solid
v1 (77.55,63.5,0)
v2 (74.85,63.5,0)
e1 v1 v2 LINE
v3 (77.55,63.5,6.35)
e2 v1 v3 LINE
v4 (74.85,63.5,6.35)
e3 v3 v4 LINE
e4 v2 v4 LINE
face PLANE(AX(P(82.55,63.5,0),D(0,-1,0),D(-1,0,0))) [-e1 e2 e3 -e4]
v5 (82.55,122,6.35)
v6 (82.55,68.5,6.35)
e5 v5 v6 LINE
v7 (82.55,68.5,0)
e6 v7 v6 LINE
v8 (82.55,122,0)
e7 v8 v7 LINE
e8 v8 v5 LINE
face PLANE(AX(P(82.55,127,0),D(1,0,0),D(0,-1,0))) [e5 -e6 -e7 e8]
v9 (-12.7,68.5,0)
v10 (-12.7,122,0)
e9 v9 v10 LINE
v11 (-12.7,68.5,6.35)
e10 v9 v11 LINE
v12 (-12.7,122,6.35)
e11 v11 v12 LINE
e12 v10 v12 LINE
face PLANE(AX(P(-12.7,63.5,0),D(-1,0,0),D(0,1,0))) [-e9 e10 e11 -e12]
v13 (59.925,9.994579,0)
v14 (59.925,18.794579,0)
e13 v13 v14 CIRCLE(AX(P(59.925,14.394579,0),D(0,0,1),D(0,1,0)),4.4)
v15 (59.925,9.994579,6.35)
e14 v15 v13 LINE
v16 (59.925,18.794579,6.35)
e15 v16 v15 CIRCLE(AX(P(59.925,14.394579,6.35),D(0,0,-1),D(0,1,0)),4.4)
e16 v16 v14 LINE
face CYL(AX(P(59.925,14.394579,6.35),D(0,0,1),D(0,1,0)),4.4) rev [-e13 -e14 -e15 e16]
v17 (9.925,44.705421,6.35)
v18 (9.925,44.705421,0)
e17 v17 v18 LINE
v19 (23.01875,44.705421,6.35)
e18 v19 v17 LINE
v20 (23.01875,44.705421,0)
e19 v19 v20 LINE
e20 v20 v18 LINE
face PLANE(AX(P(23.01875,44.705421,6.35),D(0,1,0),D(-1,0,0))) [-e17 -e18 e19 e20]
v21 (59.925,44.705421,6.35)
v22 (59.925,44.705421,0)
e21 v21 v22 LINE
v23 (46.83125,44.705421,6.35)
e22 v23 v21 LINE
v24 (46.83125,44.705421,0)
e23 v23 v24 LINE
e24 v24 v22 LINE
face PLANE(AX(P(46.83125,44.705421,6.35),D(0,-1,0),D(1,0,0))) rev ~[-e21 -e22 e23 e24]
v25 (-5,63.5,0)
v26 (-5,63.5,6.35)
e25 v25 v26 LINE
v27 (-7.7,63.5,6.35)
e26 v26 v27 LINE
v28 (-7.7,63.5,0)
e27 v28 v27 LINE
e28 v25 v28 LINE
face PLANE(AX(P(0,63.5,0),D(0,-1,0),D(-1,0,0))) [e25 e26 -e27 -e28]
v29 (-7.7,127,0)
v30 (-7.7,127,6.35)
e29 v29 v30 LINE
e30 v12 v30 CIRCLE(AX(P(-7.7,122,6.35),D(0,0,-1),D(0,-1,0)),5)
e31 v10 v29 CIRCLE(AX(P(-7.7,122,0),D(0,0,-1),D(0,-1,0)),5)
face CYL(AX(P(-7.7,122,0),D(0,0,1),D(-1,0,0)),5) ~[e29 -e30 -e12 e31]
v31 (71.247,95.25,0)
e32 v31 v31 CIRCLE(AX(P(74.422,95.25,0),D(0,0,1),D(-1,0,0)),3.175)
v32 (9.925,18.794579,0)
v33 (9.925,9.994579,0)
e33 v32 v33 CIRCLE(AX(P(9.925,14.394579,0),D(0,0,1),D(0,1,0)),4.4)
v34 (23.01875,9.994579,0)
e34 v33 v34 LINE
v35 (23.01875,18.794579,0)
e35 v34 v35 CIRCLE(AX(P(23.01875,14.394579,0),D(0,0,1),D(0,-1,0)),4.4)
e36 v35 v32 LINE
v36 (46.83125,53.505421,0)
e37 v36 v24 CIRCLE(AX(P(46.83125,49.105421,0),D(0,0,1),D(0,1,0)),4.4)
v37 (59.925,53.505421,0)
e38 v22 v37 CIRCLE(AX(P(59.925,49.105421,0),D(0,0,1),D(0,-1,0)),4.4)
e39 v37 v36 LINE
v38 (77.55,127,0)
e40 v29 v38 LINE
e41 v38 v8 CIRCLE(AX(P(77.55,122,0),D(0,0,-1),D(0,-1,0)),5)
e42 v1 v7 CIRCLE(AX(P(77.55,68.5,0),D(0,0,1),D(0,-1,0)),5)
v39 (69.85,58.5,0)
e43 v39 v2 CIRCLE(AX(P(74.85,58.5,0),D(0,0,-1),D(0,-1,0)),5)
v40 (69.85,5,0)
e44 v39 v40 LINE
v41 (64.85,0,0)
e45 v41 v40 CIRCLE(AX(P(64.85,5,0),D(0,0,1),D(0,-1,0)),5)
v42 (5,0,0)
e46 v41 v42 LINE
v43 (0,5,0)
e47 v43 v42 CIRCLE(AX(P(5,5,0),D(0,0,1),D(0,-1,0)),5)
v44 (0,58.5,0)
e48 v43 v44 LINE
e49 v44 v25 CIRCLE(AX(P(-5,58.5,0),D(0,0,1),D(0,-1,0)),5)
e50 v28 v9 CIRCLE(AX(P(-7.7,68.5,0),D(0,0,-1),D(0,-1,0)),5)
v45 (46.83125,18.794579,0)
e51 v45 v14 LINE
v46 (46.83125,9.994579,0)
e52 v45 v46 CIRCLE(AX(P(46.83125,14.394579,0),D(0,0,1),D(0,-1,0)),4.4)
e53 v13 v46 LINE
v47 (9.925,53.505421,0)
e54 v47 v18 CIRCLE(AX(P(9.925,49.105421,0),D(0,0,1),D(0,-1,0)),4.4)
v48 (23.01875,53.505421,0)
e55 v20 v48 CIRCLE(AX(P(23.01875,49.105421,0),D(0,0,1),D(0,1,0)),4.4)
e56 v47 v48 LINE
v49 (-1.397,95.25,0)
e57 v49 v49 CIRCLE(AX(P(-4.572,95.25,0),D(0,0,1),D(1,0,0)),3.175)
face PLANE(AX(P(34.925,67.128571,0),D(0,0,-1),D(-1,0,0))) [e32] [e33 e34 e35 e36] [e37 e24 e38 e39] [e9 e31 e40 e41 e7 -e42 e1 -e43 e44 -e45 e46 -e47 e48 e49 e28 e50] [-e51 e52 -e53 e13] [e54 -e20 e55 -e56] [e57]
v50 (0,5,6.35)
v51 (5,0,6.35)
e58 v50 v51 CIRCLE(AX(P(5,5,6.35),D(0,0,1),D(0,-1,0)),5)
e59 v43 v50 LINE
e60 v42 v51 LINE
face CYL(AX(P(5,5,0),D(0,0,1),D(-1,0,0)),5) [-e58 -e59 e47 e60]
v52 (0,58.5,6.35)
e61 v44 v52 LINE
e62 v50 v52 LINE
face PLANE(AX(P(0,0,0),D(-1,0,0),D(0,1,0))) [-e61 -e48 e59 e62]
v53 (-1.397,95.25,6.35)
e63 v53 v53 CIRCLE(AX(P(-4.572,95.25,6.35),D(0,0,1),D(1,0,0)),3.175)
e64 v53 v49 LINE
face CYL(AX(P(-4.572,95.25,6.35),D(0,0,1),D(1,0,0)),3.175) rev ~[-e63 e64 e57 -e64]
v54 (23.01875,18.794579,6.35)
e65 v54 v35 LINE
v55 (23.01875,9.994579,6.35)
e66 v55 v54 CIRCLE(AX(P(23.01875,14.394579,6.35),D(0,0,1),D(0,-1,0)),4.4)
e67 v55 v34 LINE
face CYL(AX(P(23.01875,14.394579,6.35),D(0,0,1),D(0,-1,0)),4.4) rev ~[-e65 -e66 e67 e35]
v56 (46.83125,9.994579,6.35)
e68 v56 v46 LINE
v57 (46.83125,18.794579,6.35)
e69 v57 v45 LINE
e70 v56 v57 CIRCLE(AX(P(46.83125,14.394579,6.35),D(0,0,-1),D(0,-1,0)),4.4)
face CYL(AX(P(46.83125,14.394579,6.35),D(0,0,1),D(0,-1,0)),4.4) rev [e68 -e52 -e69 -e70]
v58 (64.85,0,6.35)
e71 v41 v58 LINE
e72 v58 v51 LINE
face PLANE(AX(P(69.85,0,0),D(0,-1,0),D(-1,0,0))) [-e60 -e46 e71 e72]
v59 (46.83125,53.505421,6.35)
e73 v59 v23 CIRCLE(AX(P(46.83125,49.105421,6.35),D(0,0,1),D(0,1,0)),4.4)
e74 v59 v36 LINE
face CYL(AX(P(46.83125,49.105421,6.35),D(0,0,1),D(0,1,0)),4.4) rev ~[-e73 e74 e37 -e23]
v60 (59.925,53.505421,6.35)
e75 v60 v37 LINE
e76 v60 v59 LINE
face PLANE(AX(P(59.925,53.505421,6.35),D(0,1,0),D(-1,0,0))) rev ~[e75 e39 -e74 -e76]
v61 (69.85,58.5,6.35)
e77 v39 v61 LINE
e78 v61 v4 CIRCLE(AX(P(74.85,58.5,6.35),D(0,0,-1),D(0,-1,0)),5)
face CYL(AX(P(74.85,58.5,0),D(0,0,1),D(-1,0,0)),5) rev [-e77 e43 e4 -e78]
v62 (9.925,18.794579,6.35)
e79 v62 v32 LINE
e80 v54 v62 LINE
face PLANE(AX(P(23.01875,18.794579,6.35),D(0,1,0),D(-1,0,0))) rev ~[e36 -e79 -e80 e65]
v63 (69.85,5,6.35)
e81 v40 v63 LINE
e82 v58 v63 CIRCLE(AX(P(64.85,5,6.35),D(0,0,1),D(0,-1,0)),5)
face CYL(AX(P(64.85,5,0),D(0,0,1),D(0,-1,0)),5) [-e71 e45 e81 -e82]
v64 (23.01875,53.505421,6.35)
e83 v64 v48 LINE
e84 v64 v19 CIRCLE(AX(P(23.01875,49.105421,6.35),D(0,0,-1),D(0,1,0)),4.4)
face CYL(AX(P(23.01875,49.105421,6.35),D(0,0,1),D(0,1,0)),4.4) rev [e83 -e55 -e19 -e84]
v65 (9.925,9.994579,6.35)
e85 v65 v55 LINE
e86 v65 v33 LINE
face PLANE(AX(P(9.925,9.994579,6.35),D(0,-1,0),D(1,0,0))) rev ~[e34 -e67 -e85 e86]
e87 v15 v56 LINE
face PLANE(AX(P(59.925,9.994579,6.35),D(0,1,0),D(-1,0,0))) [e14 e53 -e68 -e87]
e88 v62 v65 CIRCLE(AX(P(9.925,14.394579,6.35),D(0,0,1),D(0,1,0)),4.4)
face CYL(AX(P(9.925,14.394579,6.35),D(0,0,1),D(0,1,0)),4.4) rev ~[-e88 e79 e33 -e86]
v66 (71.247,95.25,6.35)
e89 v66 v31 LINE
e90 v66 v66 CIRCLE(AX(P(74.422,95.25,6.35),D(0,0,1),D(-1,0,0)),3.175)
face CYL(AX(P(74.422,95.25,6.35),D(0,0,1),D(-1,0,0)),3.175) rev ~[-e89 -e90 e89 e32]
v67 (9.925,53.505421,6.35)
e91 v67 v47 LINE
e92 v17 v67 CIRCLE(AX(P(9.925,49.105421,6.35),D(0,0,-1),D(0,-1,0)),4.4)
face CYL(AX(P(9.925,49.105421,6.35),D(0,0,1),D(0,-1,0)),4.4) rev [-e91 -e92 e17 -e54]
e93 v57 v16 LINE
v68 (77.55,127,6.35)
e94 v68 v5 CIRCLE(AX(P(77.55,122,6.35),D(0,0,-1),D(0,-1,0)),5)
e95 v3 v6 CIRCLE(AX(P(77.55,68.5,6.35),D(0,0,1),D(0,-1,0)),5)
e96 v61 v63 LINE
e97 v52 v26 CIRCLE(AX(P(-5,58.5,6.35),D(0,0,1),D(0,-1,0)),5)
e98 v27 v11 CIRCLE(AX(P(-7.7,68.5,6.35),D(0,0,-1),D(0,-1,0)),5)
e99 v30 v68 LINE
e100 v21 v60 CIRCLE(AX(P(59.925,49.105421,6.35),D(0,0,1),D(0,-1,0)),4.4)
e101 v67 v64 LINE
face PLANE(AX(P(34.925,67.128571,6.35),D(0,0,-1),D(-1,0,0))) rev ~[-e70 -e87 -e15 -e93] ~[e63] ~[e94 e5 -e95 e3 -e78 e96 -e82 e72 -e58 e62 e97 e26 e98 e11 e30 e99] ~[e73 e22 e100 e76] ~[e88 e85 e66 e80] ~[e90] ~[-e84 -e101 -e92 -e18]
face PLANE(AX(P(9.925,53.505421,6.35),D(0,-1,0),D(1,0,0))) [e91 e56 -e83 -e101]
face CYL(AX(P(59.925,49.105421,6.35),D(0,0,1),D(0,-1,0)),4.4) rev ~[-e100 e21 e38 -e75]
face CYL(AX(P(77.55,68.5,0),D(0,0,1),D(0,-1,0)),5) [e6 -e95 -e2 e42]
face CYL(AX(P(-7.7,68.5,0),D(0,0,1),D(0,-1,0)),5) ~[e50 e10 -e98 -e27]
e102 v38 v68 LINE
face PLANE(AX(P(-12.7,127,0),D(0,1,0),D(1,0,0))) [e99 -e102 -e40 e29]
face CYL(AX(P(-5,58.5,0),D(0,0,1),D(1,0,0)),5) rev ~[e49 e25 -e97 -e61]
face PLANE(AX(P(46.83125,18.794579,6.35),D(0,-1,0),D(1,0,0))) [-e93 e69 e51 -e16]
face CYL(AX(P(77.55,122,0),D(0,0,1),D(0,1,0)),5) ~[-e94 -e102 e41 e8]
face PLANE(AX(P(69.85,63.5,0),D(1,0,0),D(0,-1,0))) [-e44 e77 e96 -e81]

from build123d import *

# Parameters (mm, degrees)
BOSS_EXTRUDE1_DEPTH = 6.35
CUT_EXTRUDE1_REACH  = 153.604
SKETCH2_R           = 3.175
CUT_EXTRUDE2_REACH  = 153.604
FILLET1_R           = 5


with BuildPart() as part:
    # Sketch1 → Boss-Extrude1 (new body)
    with BuildSketch(Plane.XY):
        Polygon((0, 0), (0, 63.5), (-12.7, 63.5), (-12.7, 127), (82.55, 127), (82.55, 63.5), (69.85, 63.5), (69.85, 0), align=None)
    extrude(amount=BOSS_EXTRUDE1_DEPTH)

    # Sketch2 → Cut-Extrude1 (cut, up to next)
    with BuildSketch(Plane.XY.offset(6.35), mode=Mode.PRIVATE) as cut_extrude1_sk1:
        with Locations((-4.572, 95.25)):
            Circle(SKETCH2_R)
    cut_extrude1_tool1 = extrude(cut_extrude1_sk1.sketch, amount=-CUT_EXTRUDE1_REACH, mode=Mode.PRIVATE) & part.part
    # Sketch2 → Cut-Extrude1 (cut, up to next)
    with BuildSketch(Plane.XY.offset(6.35), mode=Mode.PRIVATE) as cut_extrude1_sk2:
        with Locations(Location((74.422, 95.25, 0), (0, 0, 180))):
            Circle(SKETCH2_R)
    cut_extrude1_tool2 = extrude(cut_extrude1_sk2.sketch, amount=-CUT_EXTRUDE1_REACH, mode=Mode.PRIVATE) & part.part
    add(cut_extrude1_tool1.solids().sort_by_distance((-4.572, 95.25, 6.35))[0], mode=Mode.SUBTRACT)
    add(cut_extrude1_tool2.solids().sort_by_distance((74.422, 95.25, 6.35))[0], mode=Mode.SUBTRACT)

    # Sketch3 → Cut-Extrude2 (cut, up to next)
    with BuildSketch(Plane.XY.offset(6.35), mode=Mode.PRIVATE) as cut_extrude2_sk1:
        with BuildLine():
            Line((9.925, 53.50542107), (23.01875, 53.50542107))
            ThreePointArc((23.01875, 53.50542107), (27.41875, 49.10542107), (23.01875, 44.70542107))
            Line((23.01875, 44.70542107), (9.925, 44.70542107))
            ThreePointArc((9.925, 44.70542107), (5.525, 49.10542107), (9.925, 53.50542107))
        make_face()
    cut_extrude2_tool1 = extrude(cut_extrude2_sk1.sketch, amount=-CUT_EXTRUDE2_REACH, mode=Mode.PRIVATE) & part.part
    # Sketch3 → Cut-Extrude2 (cut, up to next)
    with BuildSketch(Plane.XY.offset(6.35), mode=Mode.PRIVATE) as cut_extrude2_sk2:
        with BuildLine():
            Line((59.925, 53.50542107), (46.83125, 53.50542107))
            ThreePointArc((46.83125, 53.50542107), (42.43125, 49.10542107), (46.83125, 44.70542107))
            Line((46.83125, 44.70542107), (59.925, 44.70542107))
            ThreePointArc((59.925, 44.70542107), (64.325, 49.10542107), (59.925, 53.50542107))
        make_face()
    cut_extrude2_tool2 = extrude(cut_extrude2_sk2.sketch, amount=-CUT_EXTRUDE2_REACH, mode=Mode.PRIVATE) & part.part
    # Sketch3 → Cut-Extrude2 (cut, up to next)
    with BuildSketch(Plane.XY.offset(6.35), mode=Mode.PRIVATE) as cut_extrude2_sk3:
        with BuildLine():
            Line((59.925, 9.99457893), (46.83125, 9.99457893))
            ThreePointArc((46.83125, 9.99457893), (42.43125, 14.39457893), (46.83125, 18.79457893))
            Line((46.83125, 18.79457893), (59.925, 18.79457893))
            ThreePointArc((59.925, 18.79457893), (64.325, 14.39457893), (59.925, 9.99457893))
        make_face()
    cut_extrude2_tool3 = extrude(cut_extrude2_sk3.sketch, amount=-CUT_EXTRUDE2_REACH, mode=Mode.PRIVATE) & part.part
    # Sketch3 → Cut-Extrude2 (cut, up to next)
    with BuildSketch(Plane.XY.offset(6.35), mode=Mode.PRIVATE) as cut_extrude2_sk4:
        with BuildLine():
            Line((9.925, 9.99457893), (23.01875, 9.99457893))
            ThreePointArc((23.01875, 9.99457893), (27.41875, 14.39457893), (23.01875, 18.79457893))
            Line((23.01875, 18.79457893), (9.925, 18.79457893))
            ThreePointArc((9.925, 18.79457893), (5.525, 14.39457893), (9.925, 9.99457893))
        make_face()
    cut_extrude2_tool4 = extrude(cut_extrude2_sk4.sketch, amount=-CUT_EXTRUDE2_REACH, mode=Mode.PRIVATE) & part.part
    add(cut_extrude2_tool1.solids().sort_by_distance((16.471875, 49.105421, 6.35))[0], mode=Mode.SUBTRACT)
    add(cut_extrude2_tool2.solids().sort_by_distance((53.378125, 49.105421, 6.35))[0], mode=Mode.SUBTRACT)
    add(cut_extrude2_tool3.solids().sort_by_distance((53.378125, 14.394579, 6.35))[0], mode=Mode.SUBTRACT)
    add(cut_extrude2_tool4.solids().sort_by_distance((16.471875, 14.394579, 6.35))[0], mode=Mode.SUBTRACT)

    # Fillet1
    fillet1_edges = [part.edges().sort_by_distance(p)[0] for p in [
        (0, 0, 3.175),
        (0, 63.5, 3.175),
        (-12.7, 63.5, 3.175),
        (-12.7, 127, 3.175),
        (82.55, 127, 3.175),
        (82.55, 63.5, 3.175),
        (69.85, 63.5, 3.175),
        (69.85, 0, 3.175),
    ]]
    fillet(fillet1_edges, radius=FILLET1_R)


solid = part.part
